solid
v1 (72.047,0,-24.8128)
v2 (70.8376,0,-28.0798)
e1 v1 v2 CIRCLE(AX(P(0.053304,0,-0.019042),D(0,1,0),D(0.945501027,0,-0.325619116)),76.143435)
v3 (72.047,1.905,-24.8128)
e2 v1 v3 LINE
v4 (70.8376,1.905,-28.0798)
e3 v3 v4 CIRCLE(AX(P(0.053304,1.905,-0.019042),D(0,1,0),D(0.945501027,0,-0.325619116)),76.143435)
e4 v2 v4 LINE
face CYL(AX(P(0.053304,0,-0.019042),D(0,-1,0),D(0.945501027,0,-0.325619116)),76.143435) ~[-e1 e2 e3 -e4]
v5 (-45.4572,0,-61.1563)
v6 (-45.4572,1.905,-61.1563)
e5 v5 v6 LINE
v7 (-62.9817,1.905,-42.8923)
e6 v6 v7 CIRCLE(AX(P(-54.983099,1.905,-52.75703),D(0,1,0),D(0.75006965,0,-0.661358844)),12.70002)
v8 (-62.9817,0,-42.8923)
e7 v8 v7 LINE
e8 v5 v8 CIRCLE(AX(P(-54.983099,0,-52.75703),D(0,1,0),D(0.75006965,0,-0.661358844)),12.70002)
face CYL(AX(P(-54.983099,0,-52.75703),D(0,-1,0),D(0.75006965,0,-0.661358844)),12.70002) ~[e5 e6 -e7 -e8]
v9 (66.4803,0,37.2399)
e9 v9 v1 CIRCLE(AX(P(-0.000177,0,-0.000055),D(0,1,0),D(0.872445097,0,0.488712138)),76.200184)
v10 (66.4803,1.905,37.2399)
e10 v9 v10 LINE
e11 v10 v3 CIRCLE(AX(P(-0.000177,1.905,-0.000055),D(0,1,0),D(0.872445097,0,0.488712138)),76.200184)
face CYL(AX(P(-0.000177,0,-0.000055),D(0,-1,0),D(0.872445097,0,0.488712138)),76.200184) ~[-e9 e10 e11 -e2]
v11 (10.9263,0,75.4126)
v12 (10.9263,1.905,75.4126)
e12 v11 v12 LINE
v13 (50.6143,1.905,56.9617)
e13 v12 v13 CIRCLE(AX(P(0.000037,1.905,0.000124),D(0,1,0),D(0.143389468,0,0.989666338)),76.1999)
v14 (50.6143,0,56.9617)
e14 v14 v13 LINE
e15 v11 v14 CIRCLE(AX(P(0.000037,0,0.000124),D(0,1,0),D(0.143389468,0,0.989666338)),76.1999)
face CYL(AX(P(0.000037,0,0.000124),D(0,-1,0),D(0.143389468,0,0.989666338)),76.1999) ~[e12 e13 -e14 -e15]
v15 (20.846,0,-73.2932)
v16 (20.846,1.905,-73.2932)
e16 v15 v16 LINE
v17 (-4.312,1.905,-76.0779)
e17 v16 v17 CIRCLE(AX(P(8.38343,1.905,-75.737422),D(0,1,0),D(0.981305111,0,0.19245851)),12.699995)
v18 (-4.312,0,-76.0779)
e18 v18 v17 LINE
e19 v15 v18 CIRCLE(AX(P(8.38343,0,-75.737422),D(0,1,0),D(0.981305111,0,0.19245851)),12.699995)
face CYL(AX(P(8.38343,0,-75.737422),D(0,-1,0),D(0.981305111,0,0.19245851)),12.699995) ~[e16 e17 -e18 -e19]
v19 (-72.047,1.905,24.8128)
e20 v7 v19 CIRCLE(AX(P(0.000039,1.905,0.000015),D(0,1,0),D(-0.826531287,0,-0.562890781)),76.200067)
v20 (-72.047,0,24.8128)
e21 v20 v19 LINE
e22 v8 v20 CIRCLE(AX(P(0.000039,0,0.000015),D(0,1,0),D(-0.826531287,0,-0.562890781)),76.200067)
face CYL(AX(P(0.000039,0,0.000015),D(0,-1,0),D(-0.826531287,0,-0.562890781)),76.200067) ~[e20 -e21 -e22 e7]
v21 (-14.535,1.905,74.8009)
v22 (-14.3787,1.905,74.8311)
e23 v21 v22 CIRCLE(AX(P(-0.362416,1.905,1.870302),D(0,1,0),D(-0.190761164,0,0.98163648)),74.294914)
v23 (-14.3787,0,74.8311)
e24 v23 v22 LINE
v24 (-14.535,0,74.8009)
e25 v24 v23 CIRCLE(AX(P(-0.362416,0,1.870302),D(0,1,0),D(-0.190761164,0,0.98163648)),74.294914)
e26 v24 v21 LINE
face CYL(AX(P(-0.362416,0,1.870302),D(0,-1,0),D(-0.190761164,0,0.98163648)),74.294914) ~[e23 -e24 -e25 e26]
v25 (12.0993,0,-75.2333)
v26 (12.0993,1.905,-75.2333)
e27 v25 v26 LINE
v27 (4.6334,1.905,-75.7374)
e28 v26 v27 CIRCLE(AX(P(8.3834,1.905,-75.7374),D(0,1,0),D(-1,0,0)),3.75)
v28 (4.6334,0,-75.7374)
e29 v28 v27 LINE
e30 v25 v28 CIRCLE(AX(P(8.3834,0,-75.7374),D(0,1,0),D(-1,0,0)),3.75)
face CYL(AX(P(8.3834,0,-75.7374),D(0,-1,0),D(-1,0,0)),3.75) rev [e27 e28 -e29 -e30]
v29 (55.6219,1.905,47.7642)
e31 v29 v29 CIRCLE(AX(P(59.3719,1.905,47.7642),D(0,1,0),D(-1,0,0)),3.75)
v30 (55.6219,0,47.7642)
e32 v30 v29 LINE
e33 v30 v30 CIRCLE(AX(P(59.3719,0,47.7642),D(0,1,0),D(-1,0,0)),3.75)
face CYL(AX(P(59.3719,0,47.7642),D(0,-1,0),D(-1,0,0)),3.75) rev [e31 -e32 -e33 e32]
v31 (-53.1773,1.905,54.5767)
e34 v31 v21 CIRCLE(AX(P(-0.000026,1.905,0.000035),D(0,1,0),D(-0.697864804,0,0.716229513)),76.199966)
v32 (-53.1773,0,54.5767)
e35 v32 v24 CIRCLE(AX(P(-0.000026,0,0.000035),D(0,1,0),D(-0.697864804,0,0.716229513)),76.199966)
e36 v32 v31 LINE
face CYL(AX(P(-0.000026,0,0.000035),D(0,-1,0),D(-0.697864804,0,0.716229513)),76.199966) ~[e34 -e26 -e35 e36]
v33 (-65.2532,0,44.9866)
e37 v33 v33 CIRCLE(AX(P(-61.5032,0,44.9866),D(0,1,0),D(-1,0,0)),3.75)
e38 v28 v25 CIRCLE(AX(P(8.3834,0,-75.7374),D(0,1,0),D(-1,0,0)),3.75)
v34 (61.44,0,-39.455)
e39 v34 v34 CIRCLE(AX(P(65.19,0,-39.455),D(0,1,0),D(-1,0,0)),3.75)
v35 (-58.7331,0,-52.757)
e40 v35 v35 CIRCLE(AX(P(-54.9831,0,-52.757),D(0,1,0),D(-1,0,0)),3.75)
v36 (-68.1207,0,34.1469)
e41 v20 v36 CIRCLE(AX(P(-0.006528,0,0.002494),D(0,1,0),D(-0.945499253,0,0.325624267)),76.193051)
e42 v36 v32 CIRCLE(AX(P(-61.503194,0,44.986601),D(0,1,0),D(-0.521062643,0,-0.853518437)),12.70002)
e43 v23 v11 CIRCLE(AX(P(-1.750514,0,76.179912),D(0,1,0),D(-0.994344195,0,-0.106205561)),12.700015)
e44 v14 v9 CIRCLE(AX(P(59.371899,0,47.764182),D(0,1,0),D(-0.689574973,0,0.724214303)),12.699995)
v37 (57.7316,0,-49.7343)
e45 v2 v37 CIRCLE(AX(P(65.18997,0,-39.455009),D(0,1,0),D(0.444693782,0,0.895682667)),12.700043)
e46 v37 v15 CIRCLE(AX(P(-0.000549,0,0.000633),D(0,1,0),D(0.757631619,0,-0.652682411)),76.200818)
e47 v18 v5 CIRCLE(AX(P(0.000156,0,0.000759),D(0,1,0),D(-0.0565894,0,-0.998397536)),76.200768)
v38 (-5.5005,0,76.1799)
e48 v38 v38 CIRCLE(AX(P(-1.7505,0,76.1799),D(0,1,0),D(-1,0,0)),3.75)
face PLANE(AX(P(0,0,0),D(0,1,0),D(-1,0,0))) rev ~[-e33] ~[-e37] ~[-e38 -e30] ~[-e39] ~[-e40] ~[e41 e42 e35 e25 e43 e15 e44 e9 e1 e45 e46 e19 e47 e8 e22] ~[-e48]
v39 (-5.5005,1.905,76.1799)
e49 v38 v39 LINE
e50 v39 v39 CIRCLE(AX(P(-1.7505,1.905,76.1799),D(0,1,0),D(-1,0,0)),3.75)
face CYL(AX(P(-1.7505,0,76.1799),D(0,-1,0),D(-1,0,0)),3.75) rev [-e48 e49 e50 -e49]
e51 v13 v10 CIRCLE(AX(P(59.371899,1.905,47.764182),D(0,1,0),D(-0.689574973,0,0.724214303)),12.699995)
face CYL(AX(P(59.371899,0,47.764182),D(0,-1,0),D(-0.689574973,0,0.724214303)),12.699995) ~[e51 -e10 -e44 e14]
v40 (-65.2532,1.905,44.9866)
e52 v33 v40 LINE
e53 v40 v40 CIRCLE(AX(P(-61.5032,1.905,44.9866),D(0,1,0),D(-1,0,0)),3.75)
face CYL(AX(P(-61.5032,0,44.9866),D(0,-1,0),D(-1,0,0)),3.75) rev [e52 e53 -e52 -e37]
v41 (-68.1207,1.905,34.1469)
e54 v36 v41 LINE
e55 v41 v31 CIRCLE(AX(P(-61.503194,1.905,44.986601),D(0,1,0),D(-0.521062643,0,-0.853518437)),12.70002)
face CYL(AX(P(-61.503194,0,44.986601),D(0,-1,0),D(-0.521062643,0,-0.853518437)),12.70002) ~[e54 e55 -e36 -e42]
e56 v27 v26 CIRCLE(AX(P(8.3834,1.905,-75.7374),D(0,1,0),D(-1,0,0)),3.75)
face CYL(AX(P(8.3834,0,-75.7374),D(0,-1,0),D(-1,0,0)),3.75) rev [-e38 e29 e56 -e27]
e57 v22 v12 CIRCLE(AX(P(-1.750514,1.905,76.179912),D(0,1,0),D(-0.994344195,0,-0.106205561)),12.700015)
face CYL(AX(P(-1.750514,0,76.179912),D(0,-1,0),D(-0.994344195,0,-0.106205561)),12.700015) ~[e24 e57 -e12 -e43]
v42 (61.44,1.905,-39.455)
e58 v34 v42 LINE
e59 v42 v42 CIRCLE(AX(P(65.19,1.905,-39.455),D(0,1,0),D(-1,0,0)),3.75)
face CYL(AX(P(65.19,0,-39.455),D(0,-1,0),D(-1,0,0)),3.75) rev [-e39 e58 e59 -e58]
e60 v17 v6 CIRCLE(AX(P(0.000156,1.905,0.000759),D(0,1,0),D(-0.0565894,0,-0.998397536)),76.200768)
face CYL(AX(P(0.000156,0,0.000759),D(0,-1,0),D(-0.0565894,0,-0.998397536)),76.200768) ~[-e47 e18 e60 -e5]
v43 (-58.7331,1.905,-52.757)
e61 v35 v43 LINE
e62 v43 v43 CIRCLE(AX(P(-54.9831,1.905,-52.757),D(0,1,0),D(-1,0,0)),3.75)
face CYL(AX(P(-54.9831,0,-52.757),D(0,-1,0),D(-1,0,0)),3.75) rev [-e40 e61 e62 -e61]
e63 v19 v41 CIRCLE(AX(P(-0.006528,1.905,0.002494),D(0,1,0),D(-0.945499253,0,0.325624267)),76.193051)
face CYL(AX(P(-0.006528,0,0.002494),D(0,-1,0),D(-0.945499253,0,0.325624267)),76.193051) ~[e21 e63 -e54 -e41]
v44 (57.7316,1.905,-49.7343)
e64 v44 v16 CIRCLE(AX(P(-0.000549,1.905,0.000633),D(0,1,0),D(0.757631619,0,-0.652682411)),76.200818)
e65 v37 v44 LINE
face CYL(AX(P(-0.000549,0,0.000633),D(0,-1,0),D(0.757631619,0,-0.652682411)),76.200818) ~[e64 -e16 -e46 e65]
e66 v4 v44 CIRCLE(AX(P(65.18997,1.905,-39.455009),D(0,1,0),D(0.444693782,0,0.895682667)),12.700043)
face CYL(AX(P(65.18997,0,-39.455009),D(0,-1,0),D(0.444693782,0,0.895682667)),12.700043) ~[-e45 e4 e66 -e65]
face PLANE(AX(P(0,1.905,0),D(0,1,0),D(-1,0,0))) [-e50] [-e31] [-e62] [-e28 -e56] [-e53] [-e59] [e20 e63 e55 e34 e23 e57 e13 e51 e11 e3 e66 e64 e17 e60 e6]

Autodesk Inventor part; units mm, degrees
ref_plane "YZ Plane" through (0, 0, 0) normal (1, 0, 0) x (0, 1, 0)
ref_plane "XZ Plane" through (0, 0, 0) normal (0, 1, 0) x (-1, 0, 0)
ref_plane "XY Plane" through (0, 0, 0) normal (0, 0, 1) x (1, 0, 0)
sketch "Sketch1" plane through (0, 0, 0) normal (0, 1, 0) x (-1, 0, 0)
  arc A0 (45.4572, -61.1563) -> (62.9817, -42.8923) centre (54.9831, -52.757) ccw
  circle A1 centre (54.9831, -52.757) radius 3.75
  circle A2 centre (73.1804, 21.2382) radius 3.75 construction
  circle A3 centre (18.1974, 73.9952) radius 3.75 construction
  circle A4 centre (-54.9831, 52.757) radius 3.75 construction
  circle A5 centre (-73.1804, -21.2382) radius 3.75 construction
  circle A6 centre (-18.1974, -73.9952) radius 3.75 construction
  arc A7 (62.9817, -42.8923) -> (72.047, 24.8128) centre (0, 0) ccw
  arc A8 (-66.4803, 37.2399) -> (-72.047, -24.8128) centre (0, 0) ccw
  arc A9 (-20.846, -73.2932) -> (4.312, -76.0779) centre (-8.3834, -75.7374) ccw
  arc A10 (-70.8376, -28.0798) -> (-57.7316, -49.7343) centre (-65.19, -39.455) ccw
  arc A11 (-50.6143, 56.9617) -> (-66.4803, 37.2399) centre (-59.3719, 47.7642) ccw
  arc A12 (14.3787, 74.8311) -> (-10.9263, 75.4126) centre (1.7505, 76.1799) ccw
  arc A13 (68.1207, 34.1469) -> (53.1773, 54.5767) centre (61.5032, 44.9866) ccw
  circle A14 centre (-8.3834, -75.7374) radius 3.75
  circle A15 centre (-65.19, -39.455) radius 3.75
  circle A16 centre (-59.3719, 47.7642) radius 3.75
  circle A17 centre (1.7505, 76.1799) radius 3.75
  circle A18 centre (61.5032, 44.9866) radius 3.75
  arc A19 (-14.535, -74.8009) -> (-12.0993, -75.2333) centre (0, 0) ccw
  arc A20 (4.312, -76.0779) -> (45.4572, -61.1563) centre (0, 0) ccw
  arc A21 (-72.047, -24.8128) -> (-70.8376, -28.0798) centre (0, 0) ccw
  arc A22 (-57.7316, -49.7343) -> (-20.846, -73.2932) centre (0, 0) ccw
  arc A23 (14.535, 74.8009) -> (14.3787, 74.8311) centre (0, 0) ccw
  arc A24 (-10.9263, 75.4126) -> (-50.6143, 56.9617) centre (0, 0) ccw
  arc A25 (72.047, 24.8128) -> (68.1207, 34.1469) centre (0, 0) ccw
  arc A26 (53.1773, 54.5767) -> (14.535, 74.8009) centre (0, 0) ccw
  point P0 (73.9952, -18.1974)
  dimension "d7" = 25.4
  dimension "d15" = 7.5
  dimension "d18" = 360
  dimension "d22" = 52.5
  dimension "d23" = 80
  dimension "d24" = 52.5
  dimension "d25" = 52.5
  dimension "d26" = 52.5
  dimension "d27" = 70
extrude "Extrusion1" add sketch "Sketch1" along normal blind 1.905
properties part number "Base_bottom"
